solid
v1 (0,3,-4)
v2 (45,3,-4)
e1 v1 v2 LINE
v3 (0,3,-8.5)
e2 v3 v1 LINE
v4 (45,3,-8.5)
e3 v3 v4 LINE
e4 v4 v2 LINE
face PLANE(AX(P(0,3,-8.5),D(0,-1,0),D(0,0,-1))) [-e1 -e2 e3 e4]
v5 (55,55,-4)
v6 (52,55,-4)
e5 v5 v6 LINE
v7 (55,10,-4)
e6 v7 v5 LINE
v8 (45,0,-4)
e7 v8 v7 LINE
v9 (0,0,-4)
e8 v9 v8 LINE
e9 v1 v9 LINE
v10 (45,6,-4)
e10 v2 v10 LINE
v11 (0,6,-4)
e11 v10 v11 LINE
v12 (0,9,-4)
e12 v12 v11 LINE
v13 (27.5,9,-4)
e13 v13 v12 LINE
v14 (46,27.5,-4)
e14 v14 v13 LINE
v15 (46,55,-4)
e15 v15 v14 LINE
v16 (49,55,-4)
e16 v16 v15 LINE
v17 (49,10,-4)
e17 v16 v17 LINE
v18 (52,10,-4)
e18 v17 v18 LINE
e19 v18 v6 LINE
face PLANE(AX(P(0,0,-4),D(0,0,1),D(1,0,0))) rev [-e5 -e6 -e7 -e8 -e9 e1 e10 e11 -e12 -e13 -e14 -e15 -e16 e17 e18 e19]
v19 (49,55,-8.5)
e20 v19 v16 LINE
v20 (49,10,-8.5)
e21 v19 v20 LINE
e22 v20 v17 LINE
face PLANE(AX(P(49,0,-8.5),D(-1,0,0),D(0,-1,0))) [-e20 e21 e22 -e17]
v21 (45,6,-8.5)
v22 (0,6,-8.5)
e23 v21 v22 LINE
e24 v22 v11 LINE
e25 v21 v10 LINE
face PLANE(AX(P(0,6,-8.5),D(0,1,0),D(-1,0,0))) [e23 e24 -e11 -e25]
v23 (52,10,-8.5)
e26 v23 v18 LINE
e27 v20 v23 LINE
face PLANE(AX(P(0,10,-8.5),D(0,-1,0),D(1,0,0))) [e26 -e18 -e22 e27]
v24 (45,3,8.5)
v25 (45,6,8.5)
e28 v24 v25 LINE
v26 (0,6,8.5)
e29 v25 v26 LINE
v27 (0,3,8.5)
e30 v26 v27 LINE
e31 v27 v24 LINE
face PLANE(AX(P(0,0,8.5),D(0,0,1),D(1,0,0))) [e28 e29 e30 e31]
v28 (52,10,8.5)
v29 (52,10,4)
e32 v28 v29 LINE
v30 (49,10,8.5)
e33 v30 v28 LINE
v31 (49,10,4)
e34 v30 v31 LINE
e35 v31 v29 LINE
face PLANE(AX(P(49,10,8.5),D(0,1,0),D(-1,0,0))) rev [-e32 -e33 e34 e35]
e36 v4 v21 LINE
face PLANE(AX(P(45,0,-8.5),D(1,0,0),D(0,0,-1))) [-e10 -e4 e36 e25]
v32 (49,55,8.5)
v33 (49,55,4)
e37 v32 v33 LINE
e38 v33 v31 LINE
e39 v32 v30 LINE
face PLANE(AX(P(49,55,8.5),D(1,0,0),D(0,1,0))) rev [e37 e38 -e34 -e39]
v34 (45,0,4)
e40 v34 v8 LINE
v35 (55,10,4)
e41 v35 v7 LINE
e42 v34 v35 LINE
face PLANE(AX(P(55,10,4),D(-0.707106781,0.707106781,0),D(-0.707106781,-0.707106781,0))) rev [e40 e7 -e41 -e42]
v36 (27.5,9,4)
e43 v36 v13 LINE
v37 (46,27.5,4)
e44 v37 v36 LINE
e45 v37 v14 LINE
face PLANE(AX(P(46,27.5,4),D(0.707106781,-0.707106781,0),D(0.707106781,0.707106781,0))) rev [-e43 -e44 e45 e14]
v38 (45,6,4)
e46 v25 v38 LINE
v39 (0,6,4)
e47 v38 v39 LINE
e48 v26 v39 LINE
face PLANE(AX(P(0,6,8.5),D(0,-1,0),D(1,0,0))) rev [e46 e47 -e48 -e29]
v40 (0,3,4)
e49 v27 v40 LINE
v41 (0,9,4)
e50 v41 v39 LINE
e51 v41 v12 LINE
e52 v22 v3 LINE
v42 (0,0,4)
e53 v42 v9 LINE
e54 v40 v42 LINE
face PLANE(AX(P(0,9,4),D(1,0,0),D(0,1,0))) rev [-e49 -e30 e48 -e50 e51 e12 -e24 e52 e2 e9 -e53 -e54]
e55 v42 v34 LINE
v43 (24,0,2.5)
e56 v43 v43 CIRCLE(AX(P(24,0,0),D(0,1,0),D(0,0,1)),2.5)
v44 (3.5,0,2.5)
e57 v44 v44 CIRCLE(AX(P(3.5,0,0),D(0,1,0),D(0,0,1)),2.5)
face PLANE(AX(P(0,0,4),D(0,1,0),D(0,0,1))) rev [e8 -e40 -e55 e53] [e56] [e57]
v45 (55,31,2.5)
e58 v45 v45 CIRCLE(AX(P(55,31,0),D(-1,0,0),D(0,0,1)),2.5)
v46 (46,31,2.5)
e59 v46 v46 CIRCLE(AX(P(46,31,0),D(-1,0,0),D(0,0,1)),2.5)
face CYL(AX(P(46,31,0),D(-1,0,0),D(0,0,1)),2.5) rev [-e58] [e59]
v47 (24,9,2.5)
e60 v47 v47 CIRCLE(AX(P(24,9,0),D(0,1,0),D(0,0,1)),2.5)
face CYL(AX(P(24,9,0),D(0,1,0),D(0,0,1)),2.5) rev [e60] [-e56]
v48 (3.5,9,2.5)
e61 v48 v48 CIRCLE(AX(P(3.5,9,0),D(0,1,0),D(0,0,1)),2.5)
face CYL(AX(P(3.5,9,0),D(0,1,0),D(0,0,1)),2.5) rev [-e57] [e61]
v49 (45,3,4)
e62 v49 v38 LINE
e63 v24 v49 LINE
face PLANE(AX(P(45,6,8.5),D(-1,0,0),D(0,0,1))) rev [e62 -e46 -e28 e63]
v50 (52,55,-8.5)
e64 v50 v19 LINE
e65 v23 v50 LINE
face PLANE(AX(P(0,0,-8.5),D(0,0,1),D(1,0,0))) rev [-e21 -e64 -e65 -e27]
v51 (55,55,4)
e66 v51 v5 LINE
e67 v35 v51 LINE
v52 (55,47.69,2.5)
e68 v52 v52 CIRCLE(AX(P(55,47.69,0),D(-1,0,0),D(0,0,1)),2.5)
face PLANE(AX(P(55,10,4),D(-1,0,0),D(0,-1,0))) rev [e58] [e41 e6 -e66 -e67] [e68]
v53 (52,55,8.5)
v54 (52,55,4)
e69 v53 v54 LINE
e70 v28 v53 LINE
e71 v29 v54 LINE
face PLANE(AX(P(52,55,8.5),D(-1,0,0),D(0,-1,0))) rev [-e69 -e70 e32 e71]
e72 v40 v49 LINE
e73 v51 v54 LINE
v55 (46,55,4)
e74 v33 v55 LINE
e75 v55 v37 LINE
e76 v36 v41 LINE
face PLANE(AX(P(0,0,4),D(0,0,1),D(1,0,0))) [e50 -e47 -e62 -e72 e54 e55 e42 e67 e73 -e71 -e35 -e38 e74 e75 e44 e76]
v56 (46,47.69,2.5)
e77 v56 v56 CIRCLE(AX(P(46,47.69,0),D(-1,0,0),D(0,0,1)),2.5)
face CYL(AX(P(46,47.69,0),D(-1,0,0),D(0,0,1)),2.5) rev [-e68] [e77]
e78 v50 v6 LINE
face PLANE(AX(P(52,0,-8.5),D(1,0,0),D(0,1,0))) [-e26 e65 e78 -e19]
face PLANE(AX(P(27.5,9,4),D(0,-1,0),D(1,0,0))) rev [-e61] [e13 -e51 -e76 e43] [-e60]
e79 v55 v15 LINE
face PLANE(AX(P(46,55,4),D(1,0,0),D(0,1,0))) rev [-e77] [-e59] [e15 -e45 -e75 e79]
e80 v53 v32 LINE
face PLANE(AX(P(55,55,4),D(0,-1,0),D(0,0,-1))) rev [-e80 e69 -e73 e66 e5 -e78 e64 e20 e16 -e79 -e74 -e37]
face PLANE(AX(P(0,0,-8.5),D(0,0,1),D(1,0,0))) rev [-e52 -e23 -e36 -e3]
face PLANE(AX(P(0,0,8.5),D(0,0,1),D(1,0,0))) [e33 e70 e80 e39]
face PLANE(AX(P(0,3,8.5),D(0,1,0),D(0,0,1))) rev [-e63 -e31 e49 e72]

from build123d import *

# Parameters (mm, degrees)
BOSS_EXTRUDE1_DEPTH         = 4
SKETCH3_W                   = 45
SKETCH3_H                   = 3
SKETCH3_W_2                 = 3
SKETCH3_H_2                 = 45
BOSS_EXTRUDE2_DEPTH         = 4.5
BOSS_EXTRUDE3_START         = -8
SKETCH3_2_W                 = 45
SKETCH3_2_H                 = 3
SKETCH3_2_W_2               = 3
SKETCH3_2_H_2               = 45
BOSS_EXTRUDE3_DEPTH         = 4.5
TAP_DRILL_FOR_M6X1_0_TAP1_D = 5
TAP_DRILL_FOR_M6X1_0_TAP2_D = 5


with BuildPart() as part:
    # Sketch2 → Boss-Extrude1 (new, symmetric)
    with BuildSketch(Plane.XY):
        Polygon((0, 0), (45, 0), (55, 10), (55, 55), (46, 55), (46, 27.5), (27.5, 9), (0, 9), align=None)
    extrude(amount=BOSS_EXTRUDE1_DEPTH, both=True)

    # Sketch3 → Boss-Extrude2 (add)
    with BuildSketch(Plane.XY.offset(4)):
        with Locations((22.5, 4.5)):
            Rectangle(SKETCH3_W, SKETCH3_H)
        with Locations((50.5, 32.5)):
            Rectangle(SKETCH3_W_2, SKETCH3_H_2)
    extrude(amount=BOSS_EXTRUDE2_DEPTH)

    # Sketch3<2> → Boss-Extrude3 (add)
    with BuildSketch(Plane.XY.offset(4).offset(BOSS_EXTRUDE3_START)):
        with Locations((22.5, 4.5)):
            Rectangle(SKETCH3_2_W, SKETCH3_2_H)
        with Locations((50.5, 32.5)):
            Rectangle(SKETCH3_2_W_2, SKETCH3_2_H_2)
    extrude(amount=-BOSS_EXTRUDE3_DEPTH)

    # Tap Drill for M6x1.0 Tap1 (through all)
    with Locations(Plane.ZY.offset(-46)):
        with Locations((0, 31), (0, 47.69)):
            Hole(TAP_DRILL_FOR_M6X1_0_TAP1_D / 2)

    # Tap Drill for M6x1.0 Tap2 (through all)
    with Locations(Plane(origin=(0, 9, 0), x_dir=(1, 0, 0), z_dir=(0, 1, 0))):
        with Locations((24, 0), (3.5, 0)):
            Hole(TAP_DRILL_FOR_M6X1_0_TAP2_D / 2)


solid = part.part
